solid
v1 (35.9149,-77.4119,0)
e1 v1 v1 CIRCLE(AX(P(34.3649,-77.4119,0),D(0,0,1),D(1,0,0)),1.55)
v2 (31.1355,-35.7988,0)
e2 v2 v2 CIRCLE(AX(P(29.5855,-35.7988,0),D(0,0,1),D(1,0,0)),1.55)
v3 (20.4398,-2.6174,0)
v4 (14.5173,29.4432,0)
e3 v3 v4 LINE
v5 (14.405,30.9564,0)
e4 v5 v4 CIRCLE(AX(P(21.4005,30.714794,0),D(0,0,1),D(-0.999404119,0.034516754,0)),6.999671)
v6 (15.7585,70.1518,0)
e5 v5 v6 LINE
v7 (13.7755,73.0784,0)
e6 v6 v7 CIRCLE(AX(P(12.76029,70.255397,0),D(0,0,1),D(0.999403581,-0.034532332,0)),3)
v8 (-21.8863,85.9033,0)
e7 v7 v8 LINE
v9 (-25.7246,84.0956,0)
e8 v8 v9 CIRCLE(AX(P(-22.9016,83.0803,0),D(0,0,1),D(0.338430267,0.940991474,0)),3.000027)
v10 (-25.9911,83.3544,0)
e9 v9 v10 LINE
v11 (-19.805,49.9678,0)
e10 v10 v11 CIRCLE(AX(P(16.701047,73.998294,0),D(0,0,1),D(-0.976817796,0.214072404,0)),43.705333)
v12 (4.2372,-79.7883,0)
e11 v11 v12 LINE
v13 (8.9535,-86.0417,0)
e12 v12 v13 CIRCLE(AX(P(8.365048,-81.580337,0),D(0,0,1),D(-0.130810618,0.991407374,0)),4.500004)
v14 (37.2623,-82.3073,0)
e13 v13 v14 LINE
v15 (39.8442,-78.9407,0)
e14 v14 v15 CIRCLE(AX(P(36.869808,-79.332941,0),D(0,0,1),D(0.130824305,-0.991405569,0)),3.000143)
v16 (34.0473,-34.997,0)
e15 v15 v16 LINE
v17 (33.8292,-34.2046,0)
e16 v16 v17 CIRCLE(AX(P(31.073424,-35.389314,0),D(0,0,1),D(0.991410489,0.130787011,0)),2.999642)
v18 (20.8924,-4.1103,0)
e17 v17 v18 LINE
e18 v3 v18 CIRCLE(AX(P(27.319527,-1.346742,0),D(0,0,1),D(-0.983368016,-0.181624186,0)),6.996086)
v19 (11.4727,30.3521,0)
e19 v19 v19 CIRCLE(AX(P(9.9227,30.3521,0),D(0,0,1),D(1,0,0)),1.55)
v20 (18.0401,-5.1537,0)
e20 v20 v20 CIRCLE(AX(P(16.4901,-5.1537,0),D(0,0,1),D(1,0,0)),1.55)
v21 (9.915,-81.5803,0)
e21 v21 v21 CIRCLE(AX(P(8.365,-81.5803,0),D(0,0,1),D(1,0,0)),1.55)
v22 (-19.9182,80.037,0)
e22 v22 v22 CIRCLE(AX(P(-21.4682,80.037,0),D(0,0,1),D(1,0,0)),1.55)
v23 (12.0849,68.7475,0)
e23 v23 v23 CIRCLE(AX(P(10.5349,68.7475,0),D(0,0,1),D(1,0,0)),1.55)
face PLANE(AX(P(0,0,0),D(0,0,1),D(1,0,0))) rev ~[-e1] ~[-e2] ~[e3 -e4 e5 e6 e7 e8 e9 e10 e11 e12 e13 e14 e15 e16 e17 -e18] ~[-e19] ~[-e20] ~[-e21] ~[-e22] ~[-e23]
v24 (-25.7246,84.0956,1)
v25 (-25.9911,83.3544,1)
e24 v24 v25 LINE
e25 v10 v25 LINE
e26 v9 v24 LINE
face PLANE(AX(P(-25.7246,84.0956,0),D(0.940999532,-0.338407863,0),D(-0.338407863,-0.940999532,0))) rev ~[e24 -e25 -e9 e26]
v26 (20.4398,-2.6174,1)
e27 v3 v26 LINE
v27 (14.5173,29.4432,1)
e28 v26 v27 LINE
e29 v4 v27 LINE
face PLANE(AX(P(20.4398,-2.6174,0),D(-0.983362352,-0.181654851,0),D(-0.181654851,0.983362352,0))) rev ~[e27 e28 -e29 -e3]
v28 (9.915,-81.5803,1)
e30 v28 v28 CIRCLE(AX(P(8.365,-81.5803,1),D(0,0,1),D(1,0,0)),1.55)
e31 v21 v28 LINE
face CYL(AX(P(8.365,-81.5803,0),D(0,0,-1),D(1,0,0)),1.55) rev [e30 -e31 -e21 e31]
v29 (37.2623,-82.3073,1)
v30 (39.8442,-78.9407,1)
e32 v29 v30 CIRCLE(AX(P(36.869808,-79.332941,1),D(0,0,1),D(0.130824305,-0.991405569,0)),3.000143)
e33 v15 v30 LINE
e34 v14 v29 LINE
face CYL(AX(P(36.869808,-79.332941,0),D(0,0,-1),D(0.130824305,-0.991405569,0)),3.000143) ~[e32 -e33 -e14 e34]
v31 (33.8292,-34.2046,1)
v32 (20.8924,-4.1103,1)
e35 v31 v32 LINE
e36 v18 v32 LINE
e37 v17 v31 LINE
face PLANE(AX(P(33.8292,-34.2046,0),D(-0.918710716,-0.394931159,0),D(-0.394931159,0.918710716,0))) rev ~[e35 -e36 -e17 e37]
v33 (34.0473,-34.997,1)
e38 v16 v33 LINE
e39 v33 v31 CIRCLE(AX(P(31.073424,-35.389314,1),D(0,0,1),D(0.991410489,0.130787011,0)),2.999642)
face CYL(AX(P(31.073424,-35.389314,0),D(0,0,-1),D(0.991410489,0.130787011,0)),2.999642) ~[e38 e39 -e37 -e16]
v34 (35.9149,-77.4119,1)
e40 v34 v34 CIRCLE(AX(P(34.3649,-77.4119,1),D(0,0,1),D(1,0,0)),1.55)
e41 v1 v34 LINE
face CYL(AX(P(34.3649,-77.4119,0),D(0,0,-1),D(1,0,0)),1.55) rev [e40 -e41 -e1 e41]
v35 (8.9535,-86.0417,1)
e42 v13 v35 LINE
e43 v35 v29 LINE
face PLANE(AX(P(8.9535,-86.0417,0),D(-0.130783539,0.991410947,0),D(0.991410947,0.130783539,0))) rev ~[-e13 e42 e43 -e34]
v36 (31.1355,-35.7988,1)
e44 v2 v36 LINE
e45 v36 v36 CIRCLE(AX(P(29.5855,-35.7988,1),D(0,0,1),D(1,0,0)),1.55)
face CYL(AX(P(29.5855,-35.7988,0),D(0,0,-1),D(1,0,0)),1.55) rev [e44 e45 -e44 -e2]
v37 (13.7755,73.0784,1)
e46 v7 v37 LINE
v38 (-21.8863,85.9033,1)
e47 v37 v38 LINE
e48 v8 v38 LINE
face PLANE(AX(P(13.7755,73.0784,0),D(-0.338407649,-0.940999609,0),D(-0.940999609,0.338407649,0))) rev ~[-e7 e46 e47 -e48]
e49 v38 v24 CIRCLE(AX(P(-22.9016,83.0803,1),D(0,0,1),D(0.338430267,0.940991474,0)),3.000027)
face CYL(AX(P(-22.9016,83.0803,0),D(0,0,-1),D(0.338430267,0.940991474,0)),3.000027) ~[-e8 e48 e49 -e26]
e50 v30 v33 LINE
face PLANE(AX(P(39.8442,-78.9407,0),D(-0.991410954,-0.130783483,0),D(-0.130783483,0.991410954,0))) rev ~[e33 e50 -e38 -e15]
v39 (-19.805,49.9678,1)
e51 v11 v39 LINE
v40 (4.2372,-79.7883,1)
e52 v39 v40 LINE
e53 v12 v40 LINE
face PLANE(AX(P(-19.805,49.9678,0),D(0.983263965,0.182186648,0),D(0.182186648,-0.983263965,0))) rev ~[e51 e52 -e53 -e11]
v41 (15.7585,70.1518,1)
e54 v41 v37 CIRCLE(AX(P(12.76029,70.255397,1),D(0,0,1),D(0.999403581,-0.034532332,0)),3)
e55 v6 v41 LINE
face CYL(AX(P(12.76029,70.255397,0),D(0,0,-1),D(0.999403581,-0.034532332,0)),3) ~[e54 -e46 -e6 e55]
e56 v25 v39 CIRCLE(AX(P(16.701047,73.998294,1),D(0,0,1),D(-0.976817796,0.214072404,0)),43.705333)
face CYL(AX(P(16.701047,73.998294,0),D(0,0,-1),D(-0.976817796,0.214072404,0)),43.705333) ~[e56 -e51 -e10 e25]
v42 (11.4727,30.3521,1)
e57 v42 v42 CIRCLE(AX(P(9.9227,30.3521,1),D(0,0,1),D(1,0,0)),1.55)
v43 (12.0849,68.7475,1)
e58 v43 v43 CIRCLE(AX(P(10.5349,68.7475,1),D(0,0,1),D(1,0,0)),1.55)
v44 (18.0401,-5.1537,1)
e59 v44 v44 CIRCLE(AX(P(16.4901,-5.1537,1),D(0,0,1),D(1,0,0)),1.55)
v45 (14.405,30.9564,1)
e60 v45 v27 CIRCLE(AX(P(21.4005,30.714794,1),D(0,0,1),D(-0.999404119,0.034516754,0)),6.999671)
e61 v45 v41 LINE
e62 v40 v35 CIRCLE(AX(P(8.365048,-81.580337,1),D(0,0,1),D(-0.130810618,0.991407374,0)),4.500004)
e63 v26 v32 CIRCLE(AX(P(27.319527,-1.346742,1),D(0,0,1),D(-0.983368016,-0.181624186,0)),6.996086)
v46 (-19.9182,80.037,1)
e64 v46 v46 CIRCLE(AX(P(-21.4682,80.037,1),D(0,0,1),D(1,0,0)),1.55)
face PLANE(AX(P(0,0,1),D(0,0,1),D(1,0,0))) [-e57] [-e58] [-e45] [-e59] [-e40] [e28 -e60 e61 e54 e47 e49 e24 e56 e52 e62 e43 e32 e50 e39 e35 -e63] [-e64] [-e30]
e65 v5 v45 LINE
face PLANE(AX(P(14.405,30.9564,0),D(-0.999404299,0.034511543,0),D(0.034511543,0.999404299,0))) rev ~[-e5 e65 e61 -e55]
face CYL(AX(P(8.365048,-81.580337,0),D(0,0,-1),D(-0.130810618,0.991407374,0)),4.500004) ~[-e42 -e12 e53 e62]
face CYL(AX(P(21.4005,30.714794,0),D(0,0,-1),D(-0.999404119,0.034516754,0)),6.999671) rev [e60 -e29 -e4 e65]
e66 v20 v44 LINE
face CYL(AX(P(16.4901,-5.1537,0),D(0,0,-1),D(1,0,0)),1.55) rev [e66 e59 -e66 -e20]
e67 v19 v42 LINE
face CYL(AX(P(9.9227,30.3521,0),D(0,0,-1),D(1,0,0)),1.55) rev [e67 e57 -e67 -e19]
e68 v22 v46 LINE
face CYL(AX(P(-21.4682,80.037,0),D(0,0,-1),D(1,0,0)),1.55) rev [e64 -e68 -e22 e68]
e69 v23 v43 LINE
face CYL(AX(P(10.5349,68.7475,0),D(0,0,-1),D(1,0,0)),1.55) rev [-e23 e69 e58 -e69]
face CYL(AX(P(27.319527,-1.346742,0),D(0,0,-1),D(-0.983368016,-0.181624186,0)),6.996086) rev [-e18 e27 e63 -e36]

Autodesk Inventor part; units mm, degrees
ref_plane "YZ Plane" through (0, 0, 0) normal (1, 0, 0) x (0, 1, 0)
ref_plane "XZ Plane" through (0, 0, 0) normal (0, 1, 0) x (-1, 0, 0)
ref_plane "XY Plane" through (0, 0, 0) normal (0, 0, 1) x (1, 0, 0)
ref_plane "Work Plane1" through (0, 0, 0) normal (0, 0, 1) x (1, 0, 0)
sketch "Sketch1" plane through (0, 0, 0) normal (0, 0, 1) x (1, 0, 0)
  line L0 (12.6235, -7.6637) -> (25.0692, -36.6156) projected
  arc A0 (25.2873, -37.408) -> (25.0692, -36.6156) centre (22.3131, -37.8003) ccw projected
  line L1 (25.2873, -37.408) -> (29.8752, -72.1865) projected
  arc A1 (28.1539, -74.4309) -> (29.8752, -72.1865) centre (27.8924, -72.448) ccw projected
  line L2 (28.1539, -74.4309) -> (7.7764, -77.119) projected
  arc A2 (7.7764, -77.119) -> (8.9535, -86.0417) centre (8.365, -81.5803) ccw projected
  line L3 (8.9535, -86.0417) -> (37.2623, -82.3073) projected
  arc A3 (37.2623, -82.3073) -> (39.8442, -78.9407) centre (36.8699, -79.3331) ccw projected
  line L4 (39.8442, -78.9407) -> (34.0473, -34.997) projected
  arc A4 (34.0473, -34.997) -> (33.8292, -34.2046) centre (31.073, -35.3894) ccw projected
  line L5 (33.8292, -34.2046) -> (20.8924, -4.1103) projected
  arc A5 (20.4398, -2.6174) -> (20.8924, -4.1103) centre (27.3234, -1.3458) ccw projected
  line L6 (20.4398, -2.6174) -> (14.5173, 29.4432) projected
  arc A6 (14.405, 30.9564) -> (14.5173, 29.4432) centre (21.4008, 30.7148) ccw projected
  line L7 (14.405, 30.9564) -> (15.7585, 70.1518) projected
  arc A7 (15.7585, 70.1518) -> (13.7755, 73.0784) centre (12.7603, 70.2554) ccw projected
  line L8 (13.7755, 73.0784) -> (-21.8863, 85.9033) projected
  arc A8 (-21.8863, 85.9033) -> (-25.7246, 84.0956) centre (-22.9016, 83.0803) ccw projected
  line L9 (-25.7246, 84.0956) -> (-39.6044, 45.5005) projected
  arc A9 (-39.6044, 45.5005) -> (-31.1354, 42.4548) centre (-35.3699, 43.9777) ccw projected
  line L10 (-31.1354, 42.4548) -> (-28.9682, 48.481) projected
  arc A10 (-23.2109, 51.1927) -> (-28.9682, 48.481) centre (-24.7337, 46.9582) ccw projected
  line L11 (-23.2109, 51.1927) -> (2.9943, 41.7686) projected
  arc A11 (5.6382, 37.8666) -> (2.9943, 41.7686) centre (1.6406, 38.0046) ccw projected
  line L12 (5.6382, 37.8666) -> (5.4104, 31.2681) projected
  arc A12 (5.4104, 31.2681) -> (5.5231, 29.7528) centre (12.4062, 31.0266) ccw projected
  line L13 (5.5231, 29.7528) -> (12.1714, -6.1729) projected
  arc A13 (12.1714, -6.1729) -> (12.6235, -7.6637) centre (19.0545, -4.8992) ccw projected
  circle A14 centre (29.5855, -35.7988) radius 1.55 projected
  circle A15 centre (10.5349, 68.7475) radius 1.55 projected
  circle A16 centre (16.4901, -5.1537) radius 1.55 projected
  circle A17 centre (-21.4682, 80.037) radius 1.55 projected
  circle A18 centre (-35.3699, 43.9777) radius 1.55 projected
  circle A19 centre (34.3649, -77.4119) radius 1.55 projected
  circle A20 centre (-28.5644, 59.2229) radius 1.55 projected
  circle A21 centre (8.365, -81.5803) radius 1.55 projected
  circle A22 centre (9.9227, 30.3521) radius 1.55 projected
  line L14 (0.9032, 52.0849) -> (-20.6357, 59.8309) projected
  arc A23 (-23.0461, 64.9485) -> (-20.6357, 59.8309) centre (-19.2821, 63.5949) ccw projected
  line L15 (-23.0461, 64.9485) -> (-20.3013, 72.5809) projected
  arc A24 (-16.463, 74.3887) -> (-20.3013, 72.5809) centre (-17.4783, 71.5657) ccw projected
  line L16 (-16.463, 74.3887) -> (3.8682, 67.077) projected
  arc A25 (6.5122, 63.1749) -> (3.8682, 67.077) centre (2.5146, 63.313) ccw projected
  line L17 (6.5122, 63.1749) -> (6.2544, 55.7109) projected
  arc A26 (0.9032, 52.0849) -> (6.2544, 55.7109) centre (2.2568, 55.8489) ccw projected
  line L18 (-15.534, 26.9171) -> (-19.4217, 47.8989) construction
  line L19 (-0.93, -51.9011) -> (2.4793, -70.3011) construction
  line L20 (-4.1254, -34.6556) -> (-7.8235, -14.6968) construction
  line L21 (-10.2014, -1.8632) -> (-13.1561, 14.0836) construction
  line L22 (-19.805, 49.9678) -> (4.2372, -79.7883)
  arc A27 (-25.9911, 83.3544) -> (-19.805, 49.9678) centre (16.7007, 73.9983) ccw
  point P0 (0, 0)
extrude "Extrusion1" add sketch "Sketch1" along normal blind 1 contours A13 L13 A12 L12 A11 L11 A27 L9 A8 L8 A7 L7 A6 L6 A5 L5 A4 L4 A3 L3 A2 L2 A1 L1 A0 L0 | L0 A0 L1 A1 L2 A2 L22 L11 A11 L12 A12 L13 A13 | L14 A23 L15 A24 L16 A25 L17 A26
properties part number "side skert high rise rear link"
